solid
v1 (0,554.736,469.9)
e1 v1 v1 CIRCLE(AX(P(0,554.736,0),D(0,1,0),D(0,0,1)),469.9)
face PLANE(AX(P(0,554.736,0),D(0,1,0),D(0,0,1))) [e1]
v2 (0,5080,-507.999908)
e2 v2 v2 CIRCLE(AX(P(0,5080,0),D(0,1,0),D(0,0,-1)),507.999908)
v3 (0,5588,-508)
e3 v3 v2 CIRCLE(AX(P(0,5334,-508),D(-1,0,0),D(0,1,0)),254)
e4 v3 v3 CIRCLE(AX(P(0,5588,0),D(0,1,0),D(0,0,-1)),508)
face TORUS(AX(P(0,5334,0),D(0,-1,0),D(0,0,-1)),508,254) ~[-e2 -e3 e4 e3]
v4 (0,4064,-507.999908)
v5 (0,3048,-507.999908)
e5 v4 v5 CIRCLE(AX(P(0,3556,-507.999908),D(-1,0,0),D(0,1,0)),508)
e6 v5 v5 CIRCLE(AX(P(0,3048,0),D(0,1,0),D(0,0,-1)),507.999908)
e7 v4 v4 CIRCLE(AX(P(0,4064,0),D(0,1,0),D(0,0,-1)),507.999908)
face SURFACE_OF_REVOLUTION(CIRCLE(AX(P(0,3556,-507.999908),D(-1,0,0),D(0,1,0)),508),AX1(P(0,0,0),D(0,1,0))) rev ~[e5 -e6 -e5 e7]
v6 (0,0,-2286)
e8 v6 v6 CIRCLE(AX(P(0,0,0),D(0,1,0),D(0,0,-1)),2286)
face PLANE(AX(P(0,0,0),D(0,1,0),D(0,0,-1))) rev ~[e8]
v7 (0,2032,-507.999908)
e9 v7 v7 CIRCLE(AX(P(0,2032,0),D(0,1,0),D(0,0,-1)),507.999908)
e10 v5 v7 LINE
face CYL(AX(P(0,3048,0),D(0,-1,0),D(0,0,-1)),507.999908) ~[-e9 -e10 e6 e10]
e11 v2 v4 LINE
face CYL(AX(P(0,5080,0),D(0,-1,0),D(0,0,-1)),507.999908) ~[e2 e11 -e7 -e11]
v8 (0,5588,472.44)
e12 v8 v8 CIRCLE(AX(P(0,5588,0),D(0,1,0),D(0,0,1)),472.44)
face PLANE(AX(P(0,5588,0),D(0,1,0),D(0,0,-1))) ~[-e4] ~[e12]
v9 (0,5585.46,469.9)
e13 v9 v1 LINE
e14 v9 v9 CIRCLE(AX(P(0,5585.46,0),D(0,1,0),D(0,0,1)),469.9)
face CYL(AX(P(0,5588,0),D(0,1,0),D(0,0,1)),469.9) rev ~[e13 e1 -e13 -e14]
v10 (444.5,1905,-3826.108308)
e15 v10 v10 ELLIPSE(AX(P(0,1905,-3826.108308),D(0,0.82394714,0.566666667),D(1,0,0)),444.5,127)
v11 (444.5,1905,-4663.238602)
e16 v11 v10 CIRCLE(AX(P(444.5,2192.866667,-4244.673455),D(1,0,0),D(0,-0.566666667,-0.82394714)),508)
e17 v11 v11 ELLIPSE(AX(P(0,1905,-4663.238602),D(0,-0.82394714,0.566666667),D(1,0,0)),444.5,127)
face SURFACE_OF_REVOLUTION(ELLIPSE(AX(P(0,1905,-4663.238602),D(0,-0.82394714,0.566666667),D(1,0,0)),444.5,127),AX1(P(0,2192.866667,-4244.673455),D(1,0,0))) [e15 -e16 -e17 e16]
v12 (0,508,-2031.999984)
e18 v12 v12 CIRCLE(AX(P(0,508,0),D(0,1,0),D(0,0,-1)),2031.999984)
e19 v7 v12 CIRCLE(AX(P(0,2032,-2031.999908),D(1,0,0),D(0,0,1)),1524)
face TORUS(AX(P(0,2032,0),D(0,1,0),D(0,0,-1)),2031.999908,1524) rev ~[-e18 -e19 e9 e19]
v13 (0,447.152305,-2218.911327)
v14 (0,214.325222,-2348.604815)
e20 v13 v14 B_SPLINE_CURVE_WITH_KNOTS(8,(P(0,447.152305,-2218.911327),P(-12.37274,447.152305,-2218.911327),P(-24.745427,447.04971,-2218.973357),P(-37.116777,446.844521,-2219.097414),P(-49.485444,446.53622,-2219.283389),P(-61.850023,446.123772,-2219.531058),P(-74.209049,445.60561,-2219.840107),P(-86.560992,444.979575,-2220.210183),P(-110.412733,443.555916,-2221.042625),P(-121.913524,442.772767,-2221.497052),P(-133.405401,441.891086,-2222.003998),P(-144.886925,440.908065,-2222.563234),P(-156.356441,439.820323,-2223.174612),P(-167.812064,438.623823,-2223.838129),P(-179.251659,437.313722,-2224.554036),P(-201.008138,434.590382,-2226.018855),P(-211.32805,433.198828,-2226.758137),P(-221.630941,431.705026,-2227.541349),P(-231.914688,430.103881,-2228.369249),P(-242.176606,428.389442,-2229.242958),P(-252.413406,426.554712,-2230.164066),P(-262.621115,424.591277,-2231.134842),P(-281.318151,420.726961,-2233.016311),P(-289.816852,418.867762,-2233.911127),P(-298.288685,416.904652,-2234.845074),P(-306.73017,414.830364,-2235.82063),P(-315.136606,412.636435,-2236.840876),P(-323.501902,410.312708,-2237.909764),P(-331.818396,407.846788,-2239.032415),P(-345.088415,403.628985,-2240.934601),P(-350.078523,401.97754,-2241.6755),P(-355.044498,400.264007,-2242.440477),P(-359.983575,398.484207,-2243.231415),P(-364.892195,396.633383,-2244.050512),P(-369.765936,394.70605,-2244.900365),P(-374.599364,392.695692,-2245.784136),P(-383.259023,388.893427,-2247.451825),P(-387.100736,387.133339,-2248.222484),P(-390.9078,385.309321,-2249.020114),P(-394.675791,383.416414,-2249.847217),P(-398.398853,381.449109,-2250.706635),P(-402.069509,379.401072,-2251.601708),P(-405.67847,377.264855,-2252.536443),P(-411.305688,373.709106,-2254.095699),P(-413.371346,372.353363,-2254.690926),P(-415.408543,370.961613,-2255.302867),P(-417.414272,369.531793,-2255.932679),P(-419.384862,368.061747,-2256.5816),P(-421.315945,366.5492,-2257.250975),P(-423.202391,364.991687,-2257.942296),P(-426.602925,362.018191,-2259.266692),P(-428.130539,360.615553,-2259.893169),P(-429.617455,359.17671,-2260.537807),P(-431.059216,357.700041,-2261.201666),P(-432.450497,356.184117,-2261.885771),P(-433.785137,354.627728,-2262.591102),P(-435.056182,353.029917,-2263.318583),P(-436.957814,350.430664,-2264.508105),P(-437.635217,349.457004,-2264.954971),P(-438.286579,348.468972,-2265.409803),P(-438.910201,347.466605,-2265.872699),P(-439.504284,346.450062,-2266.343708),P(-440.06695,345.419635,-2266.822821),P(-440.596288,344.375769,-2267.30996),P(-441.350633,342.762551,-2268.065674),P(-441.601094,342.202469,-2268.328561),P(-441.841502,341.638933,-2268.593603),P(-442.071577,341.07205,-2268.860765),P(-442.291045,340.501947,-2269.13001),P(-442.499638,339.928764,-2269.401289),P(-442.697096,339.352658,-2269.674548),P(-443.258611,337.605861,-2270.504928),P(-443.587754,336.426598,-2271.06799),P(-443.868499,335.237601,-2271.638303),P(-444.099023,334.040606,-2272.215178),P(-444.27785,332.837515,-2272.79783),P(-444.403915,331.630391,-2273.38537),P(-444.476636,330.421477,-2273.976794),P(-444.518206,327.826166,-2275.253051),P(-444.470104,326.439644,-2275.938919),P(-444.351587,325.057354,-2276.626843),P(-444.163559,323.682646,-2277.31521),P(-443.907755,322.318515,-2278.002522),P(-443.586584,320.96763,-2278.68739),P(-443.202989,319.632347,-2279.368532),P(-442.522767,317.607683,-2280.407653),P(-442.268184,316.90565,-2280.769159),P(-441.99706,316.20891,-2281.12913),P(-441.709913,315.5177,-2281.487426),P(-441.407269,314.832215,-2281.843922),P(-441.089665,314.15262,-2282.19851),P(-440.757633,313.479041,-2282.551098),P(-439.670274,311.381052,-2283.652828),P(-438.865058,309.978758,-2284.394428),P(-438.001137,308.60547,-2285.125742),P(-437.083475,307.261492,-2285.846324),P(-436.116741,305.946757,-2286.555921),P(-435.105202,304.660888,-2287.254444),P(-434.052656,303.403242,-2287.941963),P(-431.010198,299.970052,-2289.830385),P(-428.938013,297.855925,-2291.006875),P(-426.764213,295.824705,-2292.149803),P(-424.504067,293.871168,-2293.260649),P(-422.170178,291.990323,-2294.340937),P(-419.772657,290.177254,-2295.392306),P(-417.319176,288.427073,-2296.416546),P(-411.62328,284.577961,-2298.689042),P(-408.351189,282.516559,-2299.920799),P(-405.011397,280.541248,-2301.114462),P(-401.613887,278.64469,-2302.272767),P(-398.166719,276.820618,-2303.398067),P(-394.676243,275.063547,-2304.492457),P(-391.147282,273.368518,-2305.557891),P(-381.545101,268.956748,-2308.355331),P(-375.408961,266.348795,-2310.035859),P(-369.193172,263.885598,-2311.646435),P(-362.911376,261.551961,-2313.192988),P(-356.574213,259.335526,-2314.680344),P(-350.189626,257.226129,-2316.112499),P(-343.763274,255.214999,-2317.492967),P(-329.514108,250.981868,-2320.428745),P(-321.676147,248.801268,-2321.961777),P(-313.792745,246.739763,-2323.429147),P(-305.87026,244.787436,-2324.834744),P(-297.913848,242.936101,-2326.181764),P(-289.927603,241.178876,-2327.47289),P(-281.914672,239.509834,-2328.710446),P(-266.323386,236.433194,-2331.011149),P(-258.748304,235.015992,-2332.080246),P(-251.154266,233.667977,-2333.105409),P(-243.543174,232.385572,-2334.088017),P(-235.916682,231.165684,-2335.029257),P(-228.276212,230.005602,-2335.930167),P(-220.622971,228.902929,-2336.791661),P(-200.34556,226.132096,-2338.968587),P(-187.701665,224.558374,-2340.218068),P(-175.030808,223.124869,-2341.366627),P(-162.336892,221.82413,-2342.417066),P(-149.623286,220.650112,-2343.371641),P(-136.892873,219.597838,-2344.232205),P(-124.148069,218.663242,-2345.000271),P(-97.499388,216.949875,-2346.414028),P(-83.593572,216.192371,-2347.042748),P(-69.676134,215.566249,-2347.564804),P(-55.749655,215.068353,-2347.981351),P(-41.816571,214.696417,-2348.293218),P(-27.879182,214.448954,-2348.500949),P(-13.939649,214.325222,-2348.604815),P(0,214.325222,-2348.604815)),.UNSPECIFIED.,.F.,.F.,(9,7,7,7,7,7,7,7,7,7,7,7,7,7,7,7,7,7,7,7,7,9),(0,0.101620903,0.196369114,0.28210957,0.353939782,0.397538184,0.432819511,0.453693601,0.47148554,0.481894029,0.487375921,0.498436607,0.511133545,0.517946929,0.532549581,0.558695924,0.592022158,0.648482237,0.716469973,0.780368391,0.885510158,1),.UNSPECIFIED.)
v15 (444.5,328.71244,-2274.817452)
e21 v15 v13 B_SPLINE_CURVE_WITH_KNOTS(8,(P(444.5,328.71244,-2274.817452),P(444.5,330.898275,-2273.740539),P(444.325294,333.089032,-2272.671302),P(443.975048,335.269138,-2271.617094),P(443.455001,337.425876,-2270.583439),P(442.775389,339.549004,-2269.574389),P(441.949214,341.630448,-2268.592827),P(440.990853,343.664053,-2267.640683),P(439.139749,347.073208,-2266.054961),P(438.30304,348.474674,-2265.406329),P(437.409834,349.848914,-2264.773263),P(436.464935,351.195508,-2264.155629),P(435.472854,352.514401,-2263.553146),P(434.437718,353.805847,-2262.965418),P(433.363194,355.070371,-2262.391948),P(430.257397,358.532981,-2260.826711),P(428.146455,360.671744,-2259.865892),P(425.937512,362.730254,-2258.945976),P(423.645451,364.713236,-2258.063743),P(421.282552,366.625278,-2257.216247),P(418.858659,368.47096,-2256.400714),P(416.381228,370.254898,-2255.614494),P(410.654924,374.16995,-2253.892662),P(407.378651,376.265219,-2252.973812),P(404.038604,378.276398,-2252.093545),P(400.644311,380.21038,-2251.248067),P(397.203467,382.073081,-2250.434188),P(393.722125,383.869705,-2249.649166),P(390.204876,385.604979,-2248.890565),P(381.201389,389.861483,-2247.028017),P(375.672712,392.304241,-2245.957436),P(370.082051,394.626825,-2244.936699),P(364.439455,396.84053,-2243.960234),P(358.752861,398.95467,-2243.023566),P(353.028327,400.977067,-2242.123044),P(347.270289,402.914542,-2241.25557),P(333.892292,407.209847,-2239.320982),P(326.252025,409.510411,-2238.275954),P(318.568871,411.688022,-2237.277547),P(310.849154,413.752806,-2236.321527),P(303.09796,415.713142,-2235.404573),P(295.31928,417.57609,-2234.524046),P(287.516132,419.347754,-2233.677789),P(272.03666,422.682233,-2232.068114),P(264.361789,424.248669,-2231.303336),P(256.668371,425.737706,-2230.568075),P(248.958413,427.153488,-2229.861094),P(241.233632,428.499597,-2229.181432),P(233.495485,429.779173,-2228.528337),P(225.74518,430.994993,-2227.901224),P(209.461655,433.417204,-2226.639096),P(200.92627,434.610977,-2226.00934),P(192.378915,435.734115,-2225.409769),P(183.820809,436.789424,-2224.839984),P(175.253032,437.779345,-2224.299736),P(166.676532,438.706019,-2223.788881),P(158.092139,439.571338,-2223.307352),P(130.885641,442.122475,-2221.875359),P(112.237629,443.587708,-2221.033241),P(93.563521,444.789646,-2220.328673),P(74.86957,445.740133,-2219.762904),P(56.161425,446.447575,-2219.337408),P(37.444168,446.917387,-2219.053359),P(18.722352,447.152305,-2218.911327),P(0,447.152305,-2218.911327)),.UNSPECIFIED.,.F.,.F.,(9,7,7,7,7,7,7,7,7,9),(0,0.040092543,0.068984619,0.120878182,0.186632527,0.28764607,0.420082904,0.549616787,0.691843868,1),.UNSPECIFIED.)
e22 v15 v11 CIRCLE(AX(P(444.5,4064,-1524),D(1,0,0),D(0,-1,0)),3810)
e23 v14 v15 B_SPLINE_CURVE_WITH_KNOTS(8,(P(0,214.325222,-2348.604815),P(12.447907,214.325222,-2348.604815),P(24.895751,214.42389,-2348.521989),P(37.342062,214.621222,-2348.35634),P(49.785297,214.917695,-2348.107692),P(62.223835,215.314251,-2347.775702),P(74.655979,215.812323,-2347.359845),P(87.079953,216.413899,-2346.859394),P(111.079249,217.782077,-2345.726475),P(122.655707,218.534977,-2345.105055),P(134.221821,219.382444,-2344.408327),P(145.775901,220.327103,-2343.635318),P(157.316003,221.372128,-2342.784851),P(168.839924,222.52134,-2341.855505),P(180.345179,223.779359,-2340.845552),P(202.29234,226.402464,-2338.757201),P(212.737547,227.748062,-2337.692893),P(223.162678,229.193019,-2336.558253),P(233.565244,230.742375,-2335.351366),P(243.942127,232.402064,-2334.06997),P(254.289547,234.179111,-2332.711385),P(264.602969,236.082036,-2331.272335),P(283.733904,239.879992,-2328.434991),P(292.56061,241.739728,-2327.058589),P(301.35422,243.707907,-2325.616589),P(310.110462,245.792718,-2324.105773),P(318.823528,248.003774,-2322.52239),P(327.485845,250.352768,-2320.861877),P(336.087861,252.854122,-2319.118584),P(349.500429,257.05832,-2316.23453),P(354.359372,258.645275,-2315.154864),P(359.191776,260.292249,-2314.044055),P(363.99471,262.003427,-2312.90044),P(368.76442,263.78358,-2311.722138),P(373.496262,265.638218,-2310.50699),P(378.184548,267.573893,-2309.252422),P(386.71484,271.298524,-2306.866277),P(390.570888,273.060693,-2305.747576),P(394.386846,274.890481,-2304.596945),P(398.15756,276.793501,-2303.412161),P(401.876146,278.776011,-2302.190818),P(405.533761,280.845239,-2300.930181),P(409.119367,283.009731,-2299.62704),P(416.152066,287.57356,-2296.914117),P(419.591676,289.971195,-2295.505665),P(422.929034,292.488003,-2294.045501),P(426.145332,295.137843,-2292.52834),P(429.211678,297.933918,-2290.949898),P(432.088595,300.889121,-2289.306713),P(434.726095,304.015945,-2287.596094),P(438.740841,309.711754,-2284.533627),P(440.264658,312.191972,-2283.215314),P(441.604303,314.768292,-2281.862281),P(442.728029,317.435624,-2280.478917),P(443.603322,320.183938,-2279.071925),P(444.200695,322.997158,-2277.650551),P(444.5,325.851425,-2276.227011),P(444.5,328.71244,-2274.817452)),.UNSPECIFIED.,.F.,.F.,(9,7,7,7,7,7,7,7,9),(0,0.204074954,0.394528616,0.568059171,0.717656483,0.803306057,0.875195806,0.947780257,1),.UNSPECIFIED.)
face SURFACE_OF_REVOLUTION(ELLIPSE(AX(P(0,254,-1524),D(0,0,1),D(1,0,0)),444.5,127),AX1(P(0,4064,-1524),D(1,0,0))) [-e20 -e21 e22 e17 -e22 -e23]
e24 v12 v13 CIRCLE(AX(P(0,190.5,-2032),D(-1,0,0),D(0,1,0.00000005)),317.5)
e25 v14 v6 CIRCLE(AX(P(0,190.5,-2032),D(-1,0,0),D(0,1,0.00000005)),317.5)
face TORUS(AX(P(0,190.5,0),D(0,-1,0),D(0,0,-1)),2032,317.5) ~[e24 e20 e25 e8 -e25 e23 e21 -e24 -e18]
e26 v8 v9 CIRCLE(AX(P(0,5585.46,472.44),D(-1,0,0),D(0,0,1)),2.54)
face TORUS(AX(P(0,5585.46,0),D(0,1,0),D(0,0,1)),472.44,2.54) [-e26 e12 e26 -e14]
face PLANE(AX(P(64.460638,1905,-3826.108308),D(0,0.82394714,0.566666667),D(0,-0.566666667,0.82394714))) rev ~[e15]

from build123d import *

# Parameters (mm, degrees)
SKETCH4_R          = 469.9
CUT_EXTRUDE1_DEPTH = 5033.264
FILLET2_R          = 2.54
SKETCH7_RX         = 444.5
SKETCH7_RY         = 127


with BuildPart() as part:
    # Sketch1 → Revolve2 (revolve)
    with BuildSketch(Plane.XY, mode=Mode.PRIVATE) as revolve2_sk:
        with BuildLine():
            Line((0, 0), (0, 5588))
            Line((0, 5588), (508, 5588))
            ThreePointArc((508, 5588), (762, 5333.999954135), (507.999908271, 5080))
            Line((507.999908271, 5080), (507.999908271, 4064))
            ThreePointArc((507.999908271, 4064), (1015.999908271, 3556), (507.999908271, 3048))
            Line((507.999908271, 3048), (507.999908271, 2032))
            ThreePointArc((507.999908271, 2032), (954.369200582, 954.369238632), (2031.999984185, 508))
            ThreePointArc((2031.999984185, 508), (2315.980629606, 332.490323644), (2286, 0))
            Line((2286, 0), (0, 0))
        make_face()
    revolve(revolve2_sk.sketch.rotate(Axis((0, 0, 0), (0, 1, 0)), 90), axis=Axis((0, 0, 0), (0, 1, 0)))

    # Sketch4 → Cut-Extrude1 (cut)
    with BuildSketch(Plane(origin=(0, 5588, 0), x_dir=(1, 0, 0), z_dir=(0, 1, 0))):
        with Locations(Location((0, 0, 0), (0, 0, 270))):
            Circle(SKETCH4_R)
    extrude(amount=-CUT_EXTRUDE1_DEPTH, mode=Mode.SUBTRACT)

    # Fillet2
    fillet2_edges = [part.edges().sort_by_distance(p)[0] for p in [
        (0, 5588, -469.9),
    ]]
    fillet(fillet2_edges, radius=FILLET2_R)

    # Sweep1: sweep along a path in Sketch6
    with BuildLine(Plane(origin=(0, 0, 0), x_dir=(0, 0, -1), z_dir=(1, 0, 0))) as sweep1_path:
        Line((0, 254), (1524, 254))
        ThreePointArc((1524, 254), (3297.458485559, 691.916815973), (4663.238601954, 1905))
        ThreePointArc((4663.238601954, 1905), (4244.673455027, 2700.866666667), (3826.1083081, 1905))
    # Sketch7 → Sweep1 (sweep)
    with BuildSketch(Plane.XY):
        with Locations((0, 254)):
            Ellipse(SKETCH7_RX, SKETCH7_RY)
    sweep(path=sweep1_path.line)


solid = part.part
